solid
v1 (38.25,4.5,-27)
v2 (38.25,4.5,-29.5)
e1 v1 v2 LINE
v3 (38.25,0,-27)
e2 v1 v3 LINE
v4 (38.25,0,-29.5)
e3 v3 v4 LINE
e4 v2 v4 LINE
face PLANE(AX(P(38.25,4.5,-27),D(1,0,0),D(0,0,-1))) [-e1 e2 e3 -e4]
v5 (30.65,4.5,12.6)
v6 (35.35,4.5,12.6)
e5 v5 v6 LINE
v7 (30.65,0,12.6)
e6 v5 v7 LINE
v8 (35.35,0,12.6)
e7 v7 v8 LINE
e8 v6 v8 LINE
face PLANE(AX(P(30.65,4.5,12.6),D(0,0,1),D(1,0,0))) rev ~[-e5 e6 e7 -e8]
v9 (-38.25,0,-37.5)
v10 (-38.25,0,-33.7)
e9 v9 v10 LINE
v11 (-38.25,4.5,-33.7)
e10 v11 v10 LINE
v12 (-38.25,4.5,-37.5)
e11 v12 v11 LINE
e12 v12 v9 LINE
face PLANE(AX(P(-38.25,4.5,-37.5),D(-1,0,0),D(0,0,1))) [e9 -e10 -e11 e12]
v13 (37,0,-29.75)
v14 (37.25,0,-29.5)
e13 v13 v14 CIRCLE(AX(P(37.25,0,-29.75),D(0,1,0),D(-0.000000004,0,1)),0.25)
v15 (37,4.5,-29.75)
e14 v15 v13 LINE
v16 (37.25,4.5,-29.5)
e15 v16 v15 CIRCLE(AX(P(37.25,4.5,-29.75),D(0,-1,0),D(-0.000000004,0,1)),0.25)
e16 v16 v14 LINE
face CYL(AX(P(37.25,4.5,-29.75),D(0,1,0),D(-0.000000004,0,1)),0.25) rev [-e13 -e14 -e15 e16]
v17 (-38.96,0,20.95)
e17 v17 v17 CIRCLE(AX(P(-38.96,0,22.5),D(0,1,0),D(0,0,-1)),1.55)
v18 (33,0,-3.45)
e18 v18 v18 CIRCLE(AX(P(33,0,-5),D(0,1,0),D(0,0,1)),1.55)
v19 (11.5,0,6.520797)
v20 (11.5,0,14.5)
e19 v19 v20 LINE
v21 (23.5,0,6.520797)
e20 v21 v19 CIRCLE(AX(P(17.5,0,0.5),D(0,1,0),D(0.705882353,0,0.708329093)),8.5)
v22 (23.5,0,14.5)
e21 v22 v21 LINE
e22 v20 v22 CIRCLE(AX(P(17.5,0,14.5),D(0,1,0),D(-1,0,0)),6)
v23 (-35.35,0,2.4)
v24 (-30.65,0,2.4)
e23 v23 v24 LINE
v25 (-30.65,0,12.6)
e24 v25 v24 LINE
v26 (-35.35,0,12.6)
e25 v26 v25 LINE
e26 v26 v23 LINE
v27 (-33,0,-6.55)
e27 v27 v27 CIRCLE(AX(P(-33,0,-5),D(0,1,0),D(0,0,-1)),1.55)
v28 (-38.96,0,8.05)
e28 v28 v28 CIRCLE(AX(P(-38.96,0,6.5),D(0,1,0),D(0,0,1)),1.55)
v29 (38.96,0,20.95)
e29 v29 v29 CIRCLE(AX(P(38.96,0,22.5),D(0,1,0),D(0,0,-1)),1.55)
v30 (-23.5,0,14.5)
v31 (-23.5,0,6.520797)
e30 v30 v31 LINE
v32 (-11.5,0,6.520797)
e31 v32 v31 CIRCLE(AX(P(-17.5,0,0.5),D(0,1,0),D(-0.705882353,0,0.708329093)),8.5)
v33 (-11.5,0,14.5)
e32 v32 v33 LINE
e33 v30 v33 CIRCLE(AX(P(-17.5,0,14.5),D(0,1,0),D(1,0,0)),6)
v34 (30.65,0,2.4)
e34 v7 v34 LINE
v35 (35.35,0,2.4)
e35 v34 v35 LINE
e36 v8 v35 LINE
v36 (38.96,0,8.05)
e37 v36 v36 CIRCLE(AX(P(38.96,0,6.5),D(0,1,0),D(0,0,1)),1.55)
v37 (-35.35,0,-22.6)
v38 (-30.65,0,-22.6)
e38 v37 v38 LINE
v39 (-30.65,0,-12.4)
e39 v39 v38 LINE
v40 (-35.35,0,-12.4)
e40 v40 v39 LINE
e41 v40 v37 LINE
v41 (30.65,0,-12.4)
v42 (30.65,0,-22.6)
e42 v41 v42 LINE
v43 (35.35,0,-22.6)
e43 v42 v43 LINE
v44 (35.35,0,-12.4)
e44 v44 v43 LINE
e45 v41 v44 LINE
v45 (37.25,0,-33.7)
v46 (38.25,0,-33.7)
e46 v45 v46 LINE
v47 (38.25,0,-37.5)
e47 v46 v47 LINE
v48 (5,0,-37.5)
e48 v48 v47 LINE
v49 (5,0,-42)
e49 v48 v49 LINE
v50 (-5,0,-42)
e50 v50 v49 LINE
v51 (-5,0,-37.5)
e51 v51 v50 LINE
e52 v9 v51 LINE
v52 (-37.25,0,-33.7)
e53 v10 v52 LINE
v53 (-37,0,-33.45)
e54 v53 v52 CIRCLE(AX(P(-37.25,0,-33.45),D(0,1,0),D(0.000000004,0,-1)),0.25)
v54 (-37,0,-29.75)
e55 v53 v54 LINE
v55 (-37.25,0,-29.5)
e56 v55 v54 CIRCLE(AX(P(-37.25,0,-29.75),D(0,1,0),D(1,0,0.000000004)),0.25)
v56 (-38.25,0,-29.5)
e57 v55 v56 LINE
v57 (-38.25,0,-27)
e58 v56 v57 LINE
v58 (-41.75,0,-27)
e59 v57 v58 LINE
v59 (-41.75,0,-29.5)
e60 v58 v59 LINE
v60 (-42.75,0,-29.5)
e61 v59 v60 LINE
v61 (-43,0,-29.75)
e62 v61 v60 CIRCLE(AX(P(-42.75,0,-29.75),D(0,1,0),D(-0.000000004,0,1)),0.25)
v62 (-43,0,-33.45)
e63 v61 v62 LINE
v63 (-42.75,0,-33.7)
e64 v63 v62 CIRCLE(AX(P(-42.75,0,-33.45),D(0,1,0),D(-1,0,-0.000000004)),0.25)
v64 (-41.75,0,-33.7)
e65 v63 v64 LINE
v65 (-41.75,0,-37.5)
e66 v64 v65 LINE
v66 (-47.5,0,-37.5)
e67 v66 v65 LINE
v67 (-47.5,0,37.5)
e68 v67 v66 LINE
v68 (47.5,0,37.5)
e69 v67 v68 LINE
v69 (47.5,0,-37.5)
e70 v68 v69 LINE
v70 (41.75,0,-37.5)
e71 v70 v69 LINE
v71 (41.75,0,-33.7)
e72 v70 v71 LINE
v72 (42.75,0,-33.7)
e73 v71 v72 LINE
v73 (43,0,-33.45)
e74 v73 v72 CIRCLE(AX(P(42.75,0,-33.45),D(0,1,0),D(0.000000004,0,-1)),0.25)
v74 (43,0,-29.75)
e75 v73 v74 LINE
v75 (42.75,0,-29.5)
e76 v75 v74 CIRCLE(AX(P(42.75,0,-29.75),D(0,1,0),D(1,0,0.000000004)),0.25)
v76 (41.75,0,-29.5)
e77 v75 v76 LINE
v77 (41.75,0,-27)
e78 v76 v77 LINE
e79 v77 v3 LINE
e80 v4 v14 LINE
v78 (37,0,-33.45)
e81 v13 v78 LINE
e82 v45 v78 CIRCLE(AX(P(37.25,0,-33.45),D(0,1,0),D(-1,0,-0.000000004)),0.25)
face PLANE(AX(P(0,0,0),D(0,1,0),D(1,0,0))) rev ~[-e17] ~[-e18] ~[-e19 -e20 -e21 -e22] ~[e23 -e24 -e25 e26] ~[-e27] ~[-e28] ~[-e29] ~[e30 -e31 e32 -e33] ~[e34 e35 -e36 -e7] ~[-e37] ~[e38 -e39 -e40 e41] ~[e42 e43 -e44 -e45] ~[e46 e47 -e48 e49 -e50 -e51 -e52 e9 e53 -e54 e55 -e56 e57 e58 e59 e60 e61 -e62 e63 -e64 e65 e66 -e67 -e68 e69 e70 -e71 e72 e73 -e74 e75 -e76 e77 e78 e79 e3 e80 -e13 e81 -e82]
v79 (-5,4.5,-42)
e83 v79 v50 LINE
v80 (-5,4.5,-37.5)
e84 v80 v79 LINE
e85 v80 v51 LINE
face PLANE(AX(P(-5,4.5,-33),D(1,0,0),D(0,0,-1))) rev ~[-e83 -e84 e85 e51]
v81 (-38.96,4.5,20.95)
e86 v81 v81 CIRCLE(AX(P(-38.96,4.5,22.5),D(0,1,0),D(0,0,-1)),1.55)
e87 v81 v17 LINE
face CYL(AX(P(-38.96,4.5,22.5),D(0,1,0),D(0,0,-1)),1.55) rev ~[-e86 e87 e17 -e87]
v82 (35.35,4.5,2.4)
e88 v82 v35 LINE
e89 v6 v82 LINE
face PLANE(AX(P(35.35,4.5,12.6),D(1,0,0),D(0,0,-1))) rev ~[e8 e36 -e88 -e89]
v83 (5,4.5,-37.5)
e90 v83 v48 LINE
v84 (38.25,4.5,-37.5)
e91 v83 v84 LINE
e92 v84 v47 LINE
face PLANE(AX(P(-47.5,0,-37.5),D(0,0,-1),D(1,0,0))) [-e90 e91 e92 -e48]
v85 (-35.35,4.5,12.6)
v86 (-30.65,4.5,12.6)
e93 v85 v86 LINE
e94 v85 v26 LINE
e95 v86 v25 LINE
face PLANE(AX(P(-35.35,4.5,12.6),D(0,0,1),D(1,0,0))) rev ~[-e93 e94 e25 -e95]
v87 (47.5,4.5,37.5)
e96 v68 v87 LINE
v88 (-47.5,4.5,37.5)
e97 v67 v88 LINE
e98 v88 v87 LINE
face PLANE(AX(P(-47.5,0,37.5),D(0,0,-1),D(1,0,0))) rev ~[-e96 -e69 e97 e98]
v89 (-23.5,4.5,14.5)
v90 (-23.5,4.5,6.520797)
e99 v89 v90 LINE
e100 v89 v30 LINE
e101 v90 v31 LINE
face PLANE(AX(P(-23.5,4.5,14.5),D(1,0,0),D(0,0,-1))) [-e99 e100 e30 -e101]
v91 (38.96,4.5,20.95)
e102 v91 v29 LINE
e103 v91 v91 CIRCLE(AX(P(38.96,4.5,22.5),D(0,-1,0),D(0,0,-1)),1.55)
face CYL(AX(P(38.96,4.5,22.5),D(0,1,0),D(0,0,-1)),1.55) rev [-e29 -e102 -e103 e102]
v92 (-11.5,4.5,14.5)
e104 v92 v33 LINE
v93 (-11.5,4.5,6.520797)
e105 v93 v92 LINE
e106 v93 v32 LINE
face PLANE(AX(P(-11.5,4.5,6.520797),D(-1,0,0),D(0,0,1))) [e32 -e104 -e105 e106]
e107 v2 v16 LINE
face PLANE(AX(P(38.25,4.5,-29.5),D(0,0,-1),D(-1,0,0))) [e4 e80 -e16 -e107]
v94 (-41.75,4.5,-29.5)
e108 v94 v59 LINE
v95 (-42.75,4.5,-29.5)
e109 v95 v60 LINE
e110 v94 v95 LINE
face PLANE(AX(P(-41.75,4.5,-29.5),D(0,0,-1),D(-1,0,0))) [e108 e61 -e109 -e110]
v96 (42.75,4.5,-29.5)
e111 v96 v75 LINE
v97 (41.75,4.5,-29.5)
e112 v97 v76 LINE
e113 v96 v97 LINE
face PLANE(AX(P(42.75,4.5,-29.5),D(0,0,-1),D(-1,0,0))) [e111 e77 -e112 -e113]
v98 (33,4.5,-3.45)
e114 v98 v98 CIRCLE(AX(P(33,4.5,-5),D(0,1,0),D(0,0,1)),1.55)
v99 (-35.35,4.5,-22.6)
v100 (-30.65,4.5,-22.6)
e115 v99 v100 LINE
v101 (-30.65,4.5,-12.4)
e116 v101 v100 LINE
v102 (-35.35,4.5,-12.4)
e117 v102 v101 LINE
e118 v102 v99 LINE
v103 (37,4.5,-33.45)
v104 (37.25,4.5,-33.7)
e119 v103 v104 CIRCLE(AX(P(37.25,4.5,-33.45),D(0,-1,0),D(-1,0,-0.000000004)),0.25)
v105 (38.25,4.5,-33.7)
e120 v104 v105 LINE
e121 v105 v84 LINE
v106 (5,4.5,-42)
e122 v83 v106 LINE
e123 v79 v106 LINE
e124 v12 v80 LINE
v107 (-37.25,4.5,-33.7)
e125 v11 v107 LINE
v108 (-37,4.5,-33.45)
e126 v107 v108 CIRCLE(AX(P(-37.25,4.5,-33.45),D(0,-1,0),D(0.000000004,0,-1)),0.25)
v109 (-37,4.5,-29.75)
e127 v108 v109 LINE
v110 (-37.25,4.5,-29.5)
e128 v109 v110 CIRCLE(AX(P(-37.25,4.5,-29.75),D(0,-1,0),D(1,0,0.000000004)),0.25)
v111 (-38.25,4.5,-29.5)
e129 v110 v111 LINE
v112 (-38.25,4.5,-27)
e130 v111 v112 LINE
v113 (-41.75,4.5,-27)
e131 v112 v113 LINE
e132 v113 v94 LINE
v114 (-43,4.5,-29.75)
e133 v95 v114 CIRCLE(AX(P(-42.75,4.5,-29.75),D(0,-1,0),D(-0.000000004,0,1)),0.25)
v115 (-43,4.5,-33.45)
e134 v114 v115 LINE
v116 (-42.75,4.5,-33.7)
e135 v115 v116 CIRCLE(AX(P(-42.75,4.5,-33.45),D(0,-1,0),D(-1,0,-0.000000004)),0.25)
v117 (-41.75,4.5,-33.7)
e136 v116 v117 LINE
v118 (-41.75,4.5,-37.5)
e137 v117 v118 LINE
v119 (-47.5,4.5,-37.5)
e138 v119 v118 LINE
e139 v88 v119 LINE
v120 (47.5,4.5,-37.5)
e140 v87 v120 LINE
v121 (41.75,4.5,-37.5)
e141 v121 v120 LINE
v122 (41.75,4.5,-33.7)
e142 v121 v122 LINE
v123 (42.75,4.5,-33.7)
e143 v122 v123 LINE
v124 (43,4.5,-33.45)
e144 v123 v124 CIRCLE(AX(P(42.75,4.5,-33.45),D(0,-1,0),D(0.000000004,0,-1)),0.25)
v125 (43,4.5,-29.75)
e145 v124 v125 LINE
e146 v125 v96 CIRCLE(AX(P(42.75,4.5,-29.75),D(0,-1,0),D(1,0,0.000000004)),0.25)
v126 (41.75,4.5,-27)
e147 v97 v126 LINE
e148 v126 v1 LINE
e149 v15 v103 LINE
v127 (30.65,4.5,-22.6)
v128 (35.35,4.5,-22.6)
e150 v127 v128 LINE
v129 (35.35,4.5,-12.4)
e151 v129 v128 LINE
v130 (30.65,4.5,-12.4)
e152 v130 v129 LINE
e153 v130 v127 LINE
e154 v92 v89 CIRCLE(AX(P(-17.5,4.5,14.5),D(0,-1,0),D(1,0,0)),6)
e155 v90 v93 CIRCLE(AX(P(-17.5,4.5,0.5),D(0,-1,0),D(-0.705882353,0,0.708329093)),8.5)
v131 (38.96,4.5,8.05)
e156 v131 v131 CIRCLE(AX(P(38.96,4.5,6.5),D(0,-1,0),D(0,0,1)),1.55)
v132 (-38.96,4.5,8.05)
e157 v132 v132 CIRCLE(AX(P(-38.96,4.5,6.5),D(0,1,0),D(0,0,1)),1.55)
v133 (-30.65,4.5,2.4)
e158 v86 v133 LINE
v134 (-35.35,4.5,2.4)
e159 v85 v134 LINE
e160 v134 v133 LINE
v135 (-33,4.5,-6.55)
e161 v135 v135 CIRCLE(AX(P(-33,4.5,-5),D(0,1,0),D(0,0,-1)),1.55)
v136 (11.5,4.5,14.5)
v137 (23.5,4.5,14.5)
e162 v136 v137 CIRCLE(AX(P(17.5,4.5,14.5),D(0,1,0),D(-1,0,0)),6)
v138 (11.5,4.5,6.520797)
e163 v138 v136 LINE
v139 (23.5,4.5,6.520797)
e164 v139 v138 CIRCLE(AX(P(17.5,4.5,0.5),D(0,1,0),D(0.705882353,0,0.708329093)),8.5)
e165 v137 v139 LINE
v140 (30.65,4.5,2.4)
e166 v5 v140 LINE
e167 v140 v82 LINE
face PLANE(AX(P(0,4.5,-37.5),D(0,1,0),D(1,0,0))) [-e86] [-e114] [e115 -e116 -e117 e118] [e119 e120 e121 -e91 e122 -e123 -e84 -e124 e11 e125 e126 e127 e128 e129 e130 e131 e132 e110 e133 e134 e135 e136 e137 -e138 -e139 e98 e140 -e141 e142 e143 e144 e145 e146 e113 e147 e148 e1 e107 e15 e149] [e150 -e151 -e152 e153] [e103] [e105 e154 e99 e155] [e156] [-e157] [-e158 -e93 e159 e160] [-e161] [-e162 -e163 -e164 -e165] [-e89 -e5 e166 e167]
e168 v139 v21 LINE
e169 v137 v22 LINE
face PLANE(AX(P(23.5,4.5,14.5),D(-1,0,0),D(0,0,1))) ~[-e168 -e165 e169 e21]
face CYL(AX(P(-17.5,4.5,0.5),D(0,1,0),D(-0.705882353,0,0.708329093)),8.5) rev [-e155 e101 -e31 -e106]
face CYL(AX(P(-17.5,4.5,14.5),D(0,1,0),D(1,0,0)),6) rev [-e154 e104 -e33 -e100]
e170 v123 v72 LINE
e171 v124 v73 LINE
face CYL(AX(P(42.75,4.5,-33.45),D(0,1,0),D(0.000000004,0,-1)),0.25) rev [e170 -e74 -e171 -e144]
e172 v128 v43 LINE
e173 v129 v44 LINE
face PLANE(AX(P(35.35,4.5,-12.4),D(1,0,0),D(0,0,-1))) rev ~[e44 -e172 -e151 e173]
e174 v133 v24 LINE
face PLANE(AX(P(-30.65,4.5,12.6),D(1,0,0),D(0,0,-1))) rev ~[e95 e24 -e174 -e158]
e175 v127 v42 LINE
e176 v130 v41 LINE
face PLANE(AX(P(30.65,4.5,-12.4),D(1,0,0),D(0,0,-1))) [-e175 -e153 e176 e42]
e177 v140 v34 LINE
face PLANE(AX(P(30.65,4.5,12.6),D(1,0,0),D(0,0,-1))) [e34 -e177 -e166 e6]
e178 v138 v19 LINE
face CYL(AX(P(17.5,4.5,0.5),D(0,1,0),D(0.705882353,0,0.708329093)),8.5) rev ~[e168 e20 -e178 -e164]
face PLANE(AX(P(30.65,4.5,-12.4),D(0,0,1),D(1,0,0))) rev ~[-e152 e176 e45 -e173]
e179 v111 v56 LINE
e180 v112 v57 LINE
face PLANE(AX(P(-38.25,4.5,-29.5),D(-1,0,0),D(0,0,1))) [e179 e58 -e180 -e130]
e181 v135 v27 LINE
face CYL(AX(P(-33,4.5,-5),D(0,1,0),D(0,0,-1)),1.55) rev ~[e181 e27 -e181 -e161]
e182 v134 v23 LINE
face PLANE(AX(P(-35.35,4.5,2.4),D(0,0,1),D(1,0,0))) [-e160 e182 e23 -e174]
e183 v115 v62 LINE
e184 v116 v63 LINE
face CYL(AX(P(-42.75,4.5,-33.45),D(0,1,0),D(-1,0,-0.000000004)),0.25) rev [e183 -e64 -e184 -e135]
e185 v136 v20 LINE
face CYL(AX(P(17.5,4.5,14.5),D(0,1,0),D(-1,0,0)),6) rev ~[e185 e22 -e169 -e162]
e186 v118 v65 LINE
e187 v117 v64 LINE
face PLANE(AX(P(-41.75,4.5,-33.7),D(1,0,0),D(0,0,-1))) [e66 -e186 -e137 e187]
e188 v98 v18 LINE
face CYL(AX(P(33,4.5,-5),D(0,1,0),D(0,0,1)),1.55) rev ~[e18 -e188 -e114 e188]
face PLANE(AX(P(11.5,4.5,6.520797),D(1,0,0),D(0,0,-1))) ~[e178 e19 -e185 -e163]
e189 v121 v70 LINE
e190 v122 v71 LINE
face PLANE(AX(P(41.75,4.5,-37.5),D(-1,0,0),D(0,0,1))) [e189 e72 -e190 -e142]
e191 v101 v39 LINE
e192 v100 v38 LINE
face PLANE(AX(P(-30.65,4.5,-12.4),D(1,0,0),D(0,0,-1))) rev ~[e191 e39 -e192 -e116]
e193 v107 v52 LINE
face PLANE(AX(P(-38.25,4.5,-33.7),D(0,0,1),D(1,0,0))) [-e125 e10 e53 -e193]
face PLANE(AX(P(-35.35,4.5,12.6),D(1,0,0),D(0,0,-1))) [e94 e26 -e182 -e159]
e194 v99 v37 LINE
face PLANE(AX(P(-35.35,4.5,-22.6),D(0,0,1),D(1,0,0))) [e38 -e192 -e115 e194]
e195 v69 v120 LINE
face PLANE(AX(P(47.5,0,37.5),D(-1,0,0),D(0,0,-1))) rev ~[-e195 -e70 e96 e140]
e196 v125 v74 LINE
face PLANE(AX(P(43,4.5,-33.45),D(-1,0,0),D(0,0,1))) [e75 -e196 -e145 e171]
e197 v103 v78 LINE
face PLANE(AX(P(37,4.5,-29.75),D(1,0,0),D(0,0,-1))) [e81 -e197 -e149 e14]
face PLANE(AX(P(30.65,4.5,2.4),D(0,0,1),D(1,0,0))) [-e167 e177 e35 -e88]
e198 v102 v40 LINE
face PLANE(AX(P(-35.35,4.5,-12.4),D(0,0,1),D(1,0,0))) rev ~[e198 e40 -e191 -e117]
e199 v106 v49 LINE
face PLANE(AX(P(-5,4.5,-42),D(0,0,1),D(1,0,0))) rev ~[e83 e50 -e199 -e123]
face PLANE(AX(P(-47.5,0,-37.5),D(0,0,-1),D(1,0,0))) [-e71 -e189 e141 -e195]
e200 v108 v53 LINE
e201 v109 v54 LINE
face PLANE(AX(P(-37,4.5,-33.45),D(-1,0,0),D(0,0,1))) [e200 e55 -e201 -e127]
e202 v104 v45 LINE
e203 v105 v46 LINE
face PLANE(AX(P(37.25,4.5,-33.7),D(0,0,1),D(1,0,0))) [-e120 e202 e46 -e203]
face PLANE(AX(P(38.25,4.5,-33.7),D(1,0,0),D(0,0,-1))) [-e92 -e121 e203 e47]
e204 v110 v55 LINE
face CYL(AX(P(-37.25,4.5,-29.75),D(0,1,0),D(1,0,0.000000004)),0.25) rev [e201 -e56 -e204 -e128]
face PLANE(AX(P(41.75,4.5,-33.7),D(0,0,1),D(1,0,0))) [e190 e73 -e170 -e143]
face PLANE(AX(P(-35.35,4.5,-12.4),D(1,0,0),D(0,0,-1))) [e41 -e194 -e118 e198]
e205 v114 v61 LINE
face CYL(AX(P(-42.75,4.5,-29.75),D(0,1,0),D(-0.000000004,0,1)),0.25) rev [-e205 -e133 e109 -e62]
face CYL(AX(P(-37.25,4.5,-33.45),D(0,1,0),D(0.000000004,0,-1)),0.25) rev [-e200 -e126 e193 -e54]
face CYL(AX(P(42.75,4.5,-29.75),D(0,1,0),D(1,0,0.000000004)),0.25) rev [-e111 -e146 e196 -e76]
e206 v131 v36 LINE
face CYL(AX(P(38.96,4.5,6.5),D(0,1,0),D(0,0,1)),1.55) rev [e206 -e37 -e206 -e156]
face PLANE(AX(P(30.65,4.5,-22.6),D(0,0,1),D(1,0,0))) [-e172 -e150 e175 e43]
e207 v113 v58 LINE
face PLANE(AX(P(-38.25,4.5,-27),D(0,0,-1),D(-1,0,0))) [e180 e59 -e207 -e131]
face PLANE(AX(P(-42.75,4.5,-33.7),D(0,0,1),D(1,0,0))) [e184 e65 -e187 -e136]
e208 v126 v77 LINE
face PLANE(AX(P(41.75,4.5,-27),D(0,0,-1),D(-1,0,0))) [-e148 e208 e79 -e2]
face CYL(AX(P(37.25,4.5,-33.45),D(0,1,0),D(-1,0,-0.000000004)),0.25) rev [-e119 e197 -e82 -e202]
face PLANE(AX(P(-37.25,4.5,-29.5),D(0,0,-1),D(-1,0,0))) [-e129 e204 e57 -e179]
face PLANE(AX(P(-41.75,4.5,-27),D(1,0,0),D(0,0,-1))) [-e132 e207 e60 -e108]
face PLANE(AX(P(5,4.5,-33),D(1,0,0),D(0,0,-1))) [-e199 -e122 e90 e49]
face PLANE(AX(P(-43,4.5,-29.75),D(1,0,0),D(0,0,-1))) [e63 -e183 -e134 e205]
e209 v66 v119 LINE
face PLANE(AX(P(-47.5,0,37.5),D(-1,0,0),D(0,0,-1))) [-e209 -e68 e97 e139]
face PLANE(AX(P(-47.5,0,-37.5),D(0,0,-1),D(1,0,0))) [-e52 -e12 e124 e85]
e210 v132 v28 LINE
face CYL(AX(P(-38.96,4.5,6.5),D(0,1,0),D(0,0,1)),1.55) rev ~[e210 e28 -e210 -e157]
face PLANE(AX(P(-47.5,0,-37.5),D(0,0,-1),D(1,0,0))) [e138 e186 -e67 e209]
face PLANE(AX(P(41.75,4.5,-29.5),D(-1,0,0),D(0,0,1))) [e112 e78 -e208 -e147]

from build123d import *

# Parameters (mm, degrees)
SKETCH1_W          = 95
SKETCH1_H          = 75
MAINSHAPE_DEPTH    = 4.5
SKETCH2_W          = 10
SKETCH2_H          = 9
TAB1_DEPTH         = 4.5
CUT_EXTRUDE2_DEPTH = 64.564927436
SKETCH5_R          = 1.55
SKETCH5_W          = 4.7
SKETCH5_H          = 10.2
CUT_EXTRUDE3_DEPTH = 64.564927436
CUT_EXTRUDE4_DEPTH = 64.564927436
SKETCH8_R          = 1.55
CUT_EXTRUDE6_DEPTH = 64.564927436


with BuildPart() as part:
    # Sketch1 → MainShape (new body)
    with BuildSketch(Plane(origin=(0, 0, 0), x_dir=(1, 0, 0), z_dir=(0, 1, 0))):
        Rectangle(SKETCH1_W, SKETCH1_H)
    extrude(amount=MAINSHAPE_DEPTH)

    # Sketch2 → Tab1 (add, through all)
    with BuildSketch(Plane(origin=(0, 4.5, 0), x_dir=(1, 0, 0), z_dir=(0, 1, 0))):
        with Locations((0, 37.5)):
            Rectangle(SKETCH2_W, SKETCH2_H)
    extrude(amount=-TAB1_DEPTH)

    # Sketch4 → Cut-Extrude2 (cut, through all)
    with BuildSketch(Plane(origin=(0, 4.5, 0), x_dir=(1, 0, 0), z_dir=(0, 1, 0))):
        with BuildLine():
            Line((-38.25, 27), (-41.75, 27))
            Line((-41.75, 27), (-41.75, 29.5))
            Line((-41.75, 29.5), (-42.75, 29.5))
            ThreePointArc((-42.75, 29.5), (-42.926776695, 29.573223305), (-43, 29.75))
            Line((-43, 29.75), (-43, 33.45))
            ThreePointArc((-43, 33.45), (-42.926776695, 33.626776695), (-42.75, 33.7))
            Line((-42.75, 33.7), (-41.75, 33.7))
            Line((-41.75, 33.7), (-41.75, 37.5))
            Line((-41.75, 37.5), (-38.25, 37.5))
            Line((-38.25, 37.5), (-38.25, 33.7))
            Line((-38.25, 33.7), (-37.25, 33.7))
            ThreePointArc((-37.25, 33.7), (-37.073223305, 33.626776695), (-37, 33.45))
            Line((-37, 33.45), (-37, 29.75))
            ThreePointArc((-37, 29.75), (-37.073223305, 29.573223305), (-37.25, 29.5))
            Line((-37.25, 29.5), (-38.25, 29.5))
            Line((-38.25, 29.5), (-38.25, 27))
        make_face()
        with BuildLine():
            Line((38.25, 27), (38.25, 29.5))
            Line((38.25, 29.5), (37.25, 29.5))
            ThreePointArc((37.25, 29.5), (37.073223305, 29.573223305), (37, 29.75))
            Line((37, 29.75), (37, 33.45))
            ThreePointArc((37, 33.45), (37.073223305, 33.626776695), (37.25, 33.7))
            Line((37.25, 33.7), (38.25, 33.7))
            Line((38.25, 33.7), (38.25, 37.5))
            Line((38.25, 37.5), (41.75, 37.5))
            Line((41.75, 37.5), (41.75, 33.7))
            Line((41.75, 33.7), (42.75, 33.7))
            ThreePointArc((42.75, 33.7), (42.926776695, 33.626776695), (43, 33.45))
            Line((43, 33.45), (43, 29.75))
            ThreePointArc((43, 29.75), (42.926776695, 29.573223305), (42.75, 29.5))
            Line((42.75, 29.5), (41.75, 29.5))
            Line((41.75, 29.5), (41.75, 27))
            Line((41.75, 27), (38.25, 27))
        make_face()
    extrude(amount=-CUT_EXTRUDE2_DEPTH, mode=Mode.SUBTRACT)

    # Sketch5 → Cut-Extrude3 (cut, through all)
    with BuildSketch(Plane(origin=(0, 4.5, 0), x_dir=(1, 0, 0), z_dir=(0, 1, 0))):
        with Locations(Location((33, 5, 0), (0, 0, 270))):
            Circle(SKETCH5_R)
        with Locations(Location((-33, 5, 0), (0, 0, 90))):
            Circle(SKETCH5_R)
        with Locations((33, 17.5)):
            Rectangle(SKETCH5_W, SKETCH5_H)
        with Locations((-33, 17.5)):
            Rectangle(SKETCH5_W, SKETCH5_H)
        with Locations((-33, -7.5)):
            Rectangle(SKETCH5_W, SKETCH5_H)
        with Locations((33, -7.5)):
            Rectangle(SKETCH5_W, SKETCH5_H)
    extrude(amount=-CUT_EXTRUDE3_DEPTH, mode=Mode.SUBTRACT)

    # Sketch6 → Cut-Extrude4 (cut, through all)
    with BuildSketch(Plane(origin=(0, 4.5, 0), x_dir=(1, 0, 0), z_dir=(0, 1, 0))):
        with BuildLine():
            Line((-23.5, -14.5), (-23.5, -6.520797289))
            ThreePointArc((-23.5, -6.520797289), (-17.5, 8), (-11.5, -6.520797289))
            Line((-11.5, -6.520797289), (-11.5, -14.5))
            ThreePointArc((-11.5, -14.5), (-17.5, -20.5), (-23.5, -14.5))
        make_face()
    cut_extrude4 = extrude(amount=-CUT_EXTRUDE4_DEPTH, mode=Mode.SUBTRACT)

    # Sketch8 → Cut-Extrude6 (cut, through all)
    with BuildSketch(Plane(origin=(0, 4.5, 0), x_dir=(1, 0, 0), z_dir=(0, 1, 0))):
        with Locations(Location((-38.96, -6.5, 0), (0, 0, 270))):
            Circle(SKETCH8_R)
        with Locations(Location((-38.96, -22.5, 0), (0, 0, 90))):
            Circle(SKETCH8_R)
    cut_extrude6 = extrude(amount=-CUT_EXTRUDE6_DEPTH, mode=Mode.SUBTRACT)

    # Mirror1: Cut-Extrude4, Cut-Extrude6 across plane
    add(cut_extrude4.mirror(Plane(origin=(0, 0, 0), x_dir=(0, 0, 1), z_dir=(1, 0, 0))), mode=Mode.SUBTRACT)
    add(cut_extrude6.mirror(Plane(origin=(0, 0, 0), x_dir=(0, 0, 1), z_dir=(1, 0, 0))), mode=Mode.SUBTRACT)


solid = part.part
